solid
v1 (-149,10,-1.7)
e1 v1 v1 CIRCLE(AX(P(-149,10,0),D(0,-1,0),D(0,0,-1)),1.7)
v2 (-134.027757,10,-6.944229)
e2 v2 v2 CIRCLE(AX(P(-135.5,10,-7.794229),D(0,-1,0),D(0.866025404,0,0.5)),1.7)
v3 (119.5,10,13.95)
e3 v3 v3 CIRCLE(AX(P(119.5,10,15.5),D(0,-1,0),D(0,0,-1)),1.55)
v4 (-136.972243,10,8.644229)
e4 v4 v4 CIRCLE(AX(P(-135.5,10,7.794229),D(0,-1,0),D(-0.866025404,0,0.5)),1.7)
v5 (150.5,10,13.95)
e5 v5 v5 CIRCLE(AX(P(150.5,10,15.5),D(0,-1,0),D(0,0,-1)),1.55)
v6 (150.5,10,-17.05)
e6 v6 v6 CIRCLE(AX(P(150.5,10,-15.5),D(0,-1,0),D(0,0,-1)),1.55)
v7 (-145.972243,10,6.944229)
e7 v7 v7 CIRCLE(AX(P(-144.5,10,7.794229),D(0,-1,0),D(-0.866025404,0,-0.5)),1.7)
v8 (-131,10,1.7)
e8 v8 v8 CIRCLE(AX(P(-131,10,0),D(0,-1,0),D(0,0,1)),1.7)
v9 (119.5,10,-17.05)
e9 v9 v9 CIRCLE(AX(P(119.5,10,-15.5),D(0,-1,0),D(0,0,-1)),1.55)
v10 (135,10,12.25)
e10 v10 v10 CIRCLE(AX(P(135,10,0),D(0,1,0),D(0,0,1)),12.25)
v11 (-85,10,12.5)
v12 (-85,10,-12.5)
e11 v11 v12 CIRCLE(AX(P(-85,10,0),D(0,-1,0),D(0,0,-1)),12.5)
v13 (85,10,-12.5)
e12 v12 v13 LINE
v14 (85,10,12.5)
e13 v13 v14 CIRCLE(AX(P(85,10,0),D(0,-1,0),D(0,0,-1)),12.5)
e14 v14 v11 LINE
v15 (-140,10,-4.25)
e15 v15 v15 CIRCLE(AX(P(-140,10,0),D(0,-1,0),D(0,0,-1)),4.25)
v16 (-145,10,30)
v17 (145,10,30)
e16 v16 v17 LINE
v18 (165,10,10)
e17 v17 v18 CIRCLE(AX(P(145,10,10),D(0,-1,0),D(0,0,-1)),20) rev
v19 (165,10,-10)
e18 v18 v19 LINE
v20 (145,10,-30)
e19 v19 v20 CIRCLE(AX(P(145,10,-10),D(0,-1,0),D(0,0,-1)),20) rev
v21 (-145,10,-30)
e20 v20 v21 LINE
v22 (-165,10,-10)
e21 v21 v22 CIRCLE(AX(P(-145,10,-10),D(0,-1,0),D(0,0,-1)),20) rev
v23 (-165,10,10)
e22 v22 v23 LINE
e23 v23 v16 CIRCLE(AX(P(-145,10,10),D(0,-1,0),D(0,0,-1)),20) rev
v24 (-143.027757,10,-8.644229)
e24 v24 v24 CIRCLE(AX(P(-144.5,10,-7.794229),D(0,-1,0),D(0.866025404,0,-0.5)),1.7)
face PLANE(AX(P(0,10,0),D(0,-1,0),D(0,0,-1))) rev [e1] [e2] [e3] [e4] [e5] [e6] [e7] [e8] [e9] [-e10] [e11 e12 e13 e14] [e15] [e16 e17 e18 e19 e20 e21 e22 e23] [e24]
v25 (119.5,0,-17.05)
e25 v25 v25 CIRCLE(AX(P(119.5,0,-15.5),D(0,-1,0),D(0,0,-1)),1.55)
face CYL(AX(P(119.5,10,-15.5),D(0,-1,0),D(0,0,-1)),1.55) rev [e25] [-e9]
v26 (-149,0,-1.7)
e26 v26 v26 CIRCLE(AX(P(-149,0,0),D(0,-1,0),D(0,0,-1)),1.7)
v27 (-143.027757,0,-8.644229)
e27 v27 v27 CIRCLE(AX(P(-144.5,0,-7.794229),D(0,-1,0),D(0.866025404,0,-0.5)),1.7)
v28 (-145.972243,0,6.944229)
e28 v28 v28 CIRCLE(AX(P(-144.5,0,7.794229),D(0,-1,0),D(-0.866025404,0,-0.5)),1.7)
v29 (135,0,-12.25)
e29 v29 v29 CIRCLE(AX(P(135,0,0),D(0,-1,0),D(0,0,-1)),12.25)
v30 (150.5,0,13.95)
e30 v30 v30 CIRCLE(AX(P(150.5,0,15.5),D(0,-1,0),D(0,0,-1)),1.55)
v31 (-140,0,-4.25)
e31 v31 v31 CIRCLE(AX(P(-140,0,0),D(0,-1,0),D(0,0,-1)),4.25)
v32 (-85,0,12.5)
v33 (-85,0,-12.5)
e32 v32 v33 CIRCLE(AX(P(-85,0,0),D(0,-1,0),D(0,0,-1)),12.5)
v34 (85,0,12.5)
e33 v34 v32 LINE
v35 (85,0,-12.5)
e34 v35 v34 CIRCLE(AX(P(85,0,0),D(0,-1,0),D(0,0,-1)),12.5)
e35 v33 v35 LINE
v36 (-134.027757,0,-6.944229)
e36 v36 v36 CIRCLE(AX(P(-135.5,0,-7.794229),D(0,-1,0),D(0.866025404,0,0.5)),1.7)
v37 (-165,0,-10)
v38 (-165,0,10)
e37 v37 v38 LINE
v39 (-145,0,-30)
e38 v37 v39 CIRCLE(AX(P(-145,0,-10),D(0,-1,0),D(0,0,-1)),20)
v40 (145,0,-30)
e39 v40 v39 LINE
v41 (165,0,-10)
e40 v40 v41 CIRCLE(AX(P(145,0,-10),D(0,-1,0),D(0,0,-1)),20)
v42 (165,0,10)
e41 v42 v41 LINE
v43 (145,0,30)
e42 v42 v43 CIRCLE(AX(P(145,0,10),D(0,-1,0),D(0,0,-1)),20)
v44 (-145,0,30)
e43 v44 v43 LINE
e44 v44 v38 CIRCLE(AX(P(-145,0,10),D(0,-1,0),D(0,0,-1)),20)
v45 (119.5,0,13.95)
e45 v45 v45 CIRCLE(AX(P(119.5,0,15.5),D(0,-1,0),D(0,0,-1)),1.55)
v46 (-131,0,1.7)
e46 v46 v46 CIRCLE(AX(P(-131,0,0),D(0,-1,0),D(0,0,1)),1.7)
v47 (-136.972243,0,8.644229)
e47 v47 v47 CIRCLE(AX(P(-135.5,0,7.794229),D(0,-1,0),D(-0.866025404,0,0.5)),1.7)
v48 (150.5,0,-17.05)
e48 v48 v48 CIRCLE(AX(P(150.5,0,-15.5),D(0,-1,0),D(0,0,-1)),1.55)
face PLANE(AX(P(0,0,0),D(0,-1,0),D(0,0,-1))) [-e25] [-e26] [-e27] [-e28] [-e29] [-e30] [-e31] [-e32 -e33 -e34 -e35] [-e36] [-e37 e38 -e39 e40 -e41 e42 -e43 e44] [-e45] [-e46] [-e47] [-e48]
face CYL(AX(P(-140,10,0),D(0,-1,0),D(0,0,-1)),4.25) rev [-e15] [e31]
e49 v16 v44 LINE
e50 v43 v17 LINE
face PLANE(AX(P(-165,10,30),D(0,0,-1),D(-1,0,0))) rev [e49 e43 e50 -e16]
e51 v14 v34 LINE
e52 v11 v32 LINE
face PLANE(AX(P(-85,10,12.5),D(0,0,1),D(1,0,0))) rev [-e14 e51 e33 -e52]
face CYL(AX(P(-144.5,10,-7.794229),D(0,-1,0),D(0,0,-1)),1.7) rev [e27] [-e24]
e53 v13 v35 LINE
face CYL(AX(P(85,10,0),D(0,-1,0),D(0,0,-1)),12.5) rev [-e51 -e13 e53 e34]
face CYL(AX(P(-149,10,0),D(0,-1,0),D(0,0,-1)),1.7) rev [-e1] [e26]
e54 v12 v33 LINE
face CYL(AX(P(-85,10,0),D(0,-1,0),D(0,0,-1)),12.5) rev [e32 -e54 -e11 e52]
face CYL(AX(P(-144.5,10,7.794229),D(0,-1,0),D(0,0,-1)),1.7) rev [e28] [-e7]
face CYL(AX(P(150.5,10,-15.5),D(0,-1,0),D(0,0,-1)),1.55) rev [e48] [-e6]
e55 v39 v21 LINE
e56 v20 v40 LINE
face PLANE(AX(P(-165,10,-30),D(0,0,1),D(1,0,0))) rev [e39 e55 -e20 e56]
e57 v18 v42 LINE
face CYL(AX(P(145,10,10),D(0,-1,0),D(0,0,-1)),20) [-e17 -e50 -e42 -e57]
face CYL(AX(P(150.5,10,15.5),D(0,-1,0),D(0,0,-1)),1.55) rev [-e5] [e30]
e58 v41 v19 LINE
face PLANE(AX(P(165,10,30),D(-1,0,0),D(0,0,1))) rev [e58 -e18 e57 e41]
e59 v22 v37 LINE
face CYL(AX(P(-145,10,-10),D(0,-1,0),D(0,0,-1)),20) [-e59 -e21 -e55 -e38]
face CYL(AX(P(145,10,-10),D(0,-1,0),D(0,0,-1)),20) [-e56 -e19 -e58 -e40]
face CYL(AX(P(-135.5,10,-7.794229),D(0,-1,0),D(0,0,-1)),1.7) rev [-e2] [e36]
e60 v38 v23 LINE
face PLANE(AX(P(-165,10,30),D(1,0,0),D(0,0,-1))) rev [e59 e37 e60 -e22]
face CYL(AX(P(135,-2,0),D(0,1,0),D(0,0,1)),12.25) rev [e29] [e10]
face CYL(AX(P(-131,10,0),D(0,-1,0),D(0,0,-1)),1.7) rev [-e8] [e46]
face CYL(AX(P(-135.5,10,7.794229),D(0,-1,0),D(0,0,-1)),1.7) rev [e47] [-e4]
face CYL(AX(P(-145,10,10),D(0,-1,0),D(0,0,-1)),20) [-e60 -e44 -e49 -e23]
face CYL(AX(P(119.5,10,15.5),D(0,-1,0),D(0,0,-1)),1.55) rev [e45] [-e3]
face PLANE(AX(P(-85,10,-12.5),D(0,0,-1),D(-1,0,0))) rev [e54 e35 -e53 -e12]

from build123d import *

# Parameters (mm, degrees)
SKETCH_1_W               = 330
SKETCH_1_H               = 60
EXTRUDE_1_DEPTH          = 10
FILLET_1_R               = 20
SKETCH_5_R               = 12.25
CUT_EXTRUDE_3_DEPTH      = 12
SKETCH_9_R               = 1.55
CUT_EXTRUDE_6_DEPTH      = 169.002976164
SKETCH_11_R              = 4.25
CUT_EXTRUDE_8_DEPTH      = 169.002976164
CUT_EXTRUDE_11_DEPTH     = 169.002976164
SKETCH_16_R              = 1.7
CUT_EXTRUDE_12_DEPTH     = 169.002976164
PATTERN_CIRCULAR_1_COUNT = 6


with BuildPart() as part:
    # 草图1 → 凸台-拉伸1 (new body)
    with BuildSketch(Plane(origin=(0, 0, 0), x_dir=(1, 0, 0), z_dir=(0, 1, 0))):
        Rectangle(SKETCH_1_W, SKETCH_1_H)
    extrude(amount=EXTRUDE_1_DEPTH)

    # 圆角1
    fillet_1_edges = [part.edges().sort_by_distance(p)[0] for p in [
        (165, 5, 30),
        (-165, 5, 30),
        (-165, 5, -30),
        (165, 5, -30),
    ]]
    fillet(fillet_1_edges, radius=FILLET_1_R)

    # 草图5 → 切除-拉伸3 (cut)
    with BuildSketch(Plane(origin=(0, 10, 0), x_dir=(1, 0, 0), z_dir=(0, 1, 0))):
        with Locations(Location((135, 0, 0), (0, 0, 270))):
            Circle(SKETCH_5_R)
    extrude(amount=-CUT_EXTRUDE_3_DEPTH, mode=Mode.SUBTRACT)

    # 草图9 → 切除-拉伸6 (cut, through all)
    with BuildSketch(Plane.XZ):
        with Locations(Location((119.5, 15.5, 0), (0, 0, 270))):
            Circle(SKETCH_9_R)
        with Locations(Location((150.5, 15.5, 0), (0, 0, 270))):
            Circle(SKETCH_9_R)
        with Locations(Location((150.5, -15.5, 0), (0, 0, 270))):
            Circle(SKETCH_9_R)
        with Locations(Location((119.5, -15.5, 0), (0, 0, 270))):
            Circle(SKETCH_9_R)
    extrude(amount=-CUT_EXTRUDE_6_DEPTH, mode=Mode.SUBTRACT)

    # 草图11 → 切除-拉伸8 (cut, through all)
    with BuildSketch(Plane.XZ):
        with Locations(Location((-140, 0, 0), (0, 0, 270))):
            Circle(SKETCH_11_R)
    extrude(amount=-CUT_EXTRUDE_8_DEPTH, mode=Mode.SUBTRACT)

    # 草图15 → 切除-拉伸11 (cut, through all)
    with BuildSketch(Plane.XZ):
        with BuildLine():
            Line((-85, 12.5), (85, 12.5))
            ThreePointArc((85, 12.5), (97.5, 0), (85, -12.5))
            Line((85, -12.5), (-85, -12.5))
            ThreePointArc((-85, -12.5), (-97.5, 0), (-85, 12.5))
        make_face()
    extrude(amount=-CUT_EXTRUDE_11_DEPTH, mode=Mode.SUBTRACT)

    # 草图16 → 切除-拉伸12 (cut, through all)
    with BuildSketch(Plane.XZ):
        with Locations(Location((-149, 0, 0), (0, 0, 270))):
            Circle(SKETCH_16_R)
    cut_extrude_12 = extrude(amount=-CUT_EXTRUDE_12_DEPTH, mode=Mode.SUBTRACT)

    # 阵列(圆周)1: 切除-拉伸12 ×6 about axis
    pattern_circular_1_axis = Axis((-140, 0, 0), (0, 1, 0))
    for i in range(1, PATTERN_CIRCULAR_1_COUNT):
        add(cut_extrude_12.rotate(pattern_circular_1_axis, i * 360 / PATTERN_CIRCULAR_1_COUNT), mode=Mode.SUBTRACT)


solid = part.part
